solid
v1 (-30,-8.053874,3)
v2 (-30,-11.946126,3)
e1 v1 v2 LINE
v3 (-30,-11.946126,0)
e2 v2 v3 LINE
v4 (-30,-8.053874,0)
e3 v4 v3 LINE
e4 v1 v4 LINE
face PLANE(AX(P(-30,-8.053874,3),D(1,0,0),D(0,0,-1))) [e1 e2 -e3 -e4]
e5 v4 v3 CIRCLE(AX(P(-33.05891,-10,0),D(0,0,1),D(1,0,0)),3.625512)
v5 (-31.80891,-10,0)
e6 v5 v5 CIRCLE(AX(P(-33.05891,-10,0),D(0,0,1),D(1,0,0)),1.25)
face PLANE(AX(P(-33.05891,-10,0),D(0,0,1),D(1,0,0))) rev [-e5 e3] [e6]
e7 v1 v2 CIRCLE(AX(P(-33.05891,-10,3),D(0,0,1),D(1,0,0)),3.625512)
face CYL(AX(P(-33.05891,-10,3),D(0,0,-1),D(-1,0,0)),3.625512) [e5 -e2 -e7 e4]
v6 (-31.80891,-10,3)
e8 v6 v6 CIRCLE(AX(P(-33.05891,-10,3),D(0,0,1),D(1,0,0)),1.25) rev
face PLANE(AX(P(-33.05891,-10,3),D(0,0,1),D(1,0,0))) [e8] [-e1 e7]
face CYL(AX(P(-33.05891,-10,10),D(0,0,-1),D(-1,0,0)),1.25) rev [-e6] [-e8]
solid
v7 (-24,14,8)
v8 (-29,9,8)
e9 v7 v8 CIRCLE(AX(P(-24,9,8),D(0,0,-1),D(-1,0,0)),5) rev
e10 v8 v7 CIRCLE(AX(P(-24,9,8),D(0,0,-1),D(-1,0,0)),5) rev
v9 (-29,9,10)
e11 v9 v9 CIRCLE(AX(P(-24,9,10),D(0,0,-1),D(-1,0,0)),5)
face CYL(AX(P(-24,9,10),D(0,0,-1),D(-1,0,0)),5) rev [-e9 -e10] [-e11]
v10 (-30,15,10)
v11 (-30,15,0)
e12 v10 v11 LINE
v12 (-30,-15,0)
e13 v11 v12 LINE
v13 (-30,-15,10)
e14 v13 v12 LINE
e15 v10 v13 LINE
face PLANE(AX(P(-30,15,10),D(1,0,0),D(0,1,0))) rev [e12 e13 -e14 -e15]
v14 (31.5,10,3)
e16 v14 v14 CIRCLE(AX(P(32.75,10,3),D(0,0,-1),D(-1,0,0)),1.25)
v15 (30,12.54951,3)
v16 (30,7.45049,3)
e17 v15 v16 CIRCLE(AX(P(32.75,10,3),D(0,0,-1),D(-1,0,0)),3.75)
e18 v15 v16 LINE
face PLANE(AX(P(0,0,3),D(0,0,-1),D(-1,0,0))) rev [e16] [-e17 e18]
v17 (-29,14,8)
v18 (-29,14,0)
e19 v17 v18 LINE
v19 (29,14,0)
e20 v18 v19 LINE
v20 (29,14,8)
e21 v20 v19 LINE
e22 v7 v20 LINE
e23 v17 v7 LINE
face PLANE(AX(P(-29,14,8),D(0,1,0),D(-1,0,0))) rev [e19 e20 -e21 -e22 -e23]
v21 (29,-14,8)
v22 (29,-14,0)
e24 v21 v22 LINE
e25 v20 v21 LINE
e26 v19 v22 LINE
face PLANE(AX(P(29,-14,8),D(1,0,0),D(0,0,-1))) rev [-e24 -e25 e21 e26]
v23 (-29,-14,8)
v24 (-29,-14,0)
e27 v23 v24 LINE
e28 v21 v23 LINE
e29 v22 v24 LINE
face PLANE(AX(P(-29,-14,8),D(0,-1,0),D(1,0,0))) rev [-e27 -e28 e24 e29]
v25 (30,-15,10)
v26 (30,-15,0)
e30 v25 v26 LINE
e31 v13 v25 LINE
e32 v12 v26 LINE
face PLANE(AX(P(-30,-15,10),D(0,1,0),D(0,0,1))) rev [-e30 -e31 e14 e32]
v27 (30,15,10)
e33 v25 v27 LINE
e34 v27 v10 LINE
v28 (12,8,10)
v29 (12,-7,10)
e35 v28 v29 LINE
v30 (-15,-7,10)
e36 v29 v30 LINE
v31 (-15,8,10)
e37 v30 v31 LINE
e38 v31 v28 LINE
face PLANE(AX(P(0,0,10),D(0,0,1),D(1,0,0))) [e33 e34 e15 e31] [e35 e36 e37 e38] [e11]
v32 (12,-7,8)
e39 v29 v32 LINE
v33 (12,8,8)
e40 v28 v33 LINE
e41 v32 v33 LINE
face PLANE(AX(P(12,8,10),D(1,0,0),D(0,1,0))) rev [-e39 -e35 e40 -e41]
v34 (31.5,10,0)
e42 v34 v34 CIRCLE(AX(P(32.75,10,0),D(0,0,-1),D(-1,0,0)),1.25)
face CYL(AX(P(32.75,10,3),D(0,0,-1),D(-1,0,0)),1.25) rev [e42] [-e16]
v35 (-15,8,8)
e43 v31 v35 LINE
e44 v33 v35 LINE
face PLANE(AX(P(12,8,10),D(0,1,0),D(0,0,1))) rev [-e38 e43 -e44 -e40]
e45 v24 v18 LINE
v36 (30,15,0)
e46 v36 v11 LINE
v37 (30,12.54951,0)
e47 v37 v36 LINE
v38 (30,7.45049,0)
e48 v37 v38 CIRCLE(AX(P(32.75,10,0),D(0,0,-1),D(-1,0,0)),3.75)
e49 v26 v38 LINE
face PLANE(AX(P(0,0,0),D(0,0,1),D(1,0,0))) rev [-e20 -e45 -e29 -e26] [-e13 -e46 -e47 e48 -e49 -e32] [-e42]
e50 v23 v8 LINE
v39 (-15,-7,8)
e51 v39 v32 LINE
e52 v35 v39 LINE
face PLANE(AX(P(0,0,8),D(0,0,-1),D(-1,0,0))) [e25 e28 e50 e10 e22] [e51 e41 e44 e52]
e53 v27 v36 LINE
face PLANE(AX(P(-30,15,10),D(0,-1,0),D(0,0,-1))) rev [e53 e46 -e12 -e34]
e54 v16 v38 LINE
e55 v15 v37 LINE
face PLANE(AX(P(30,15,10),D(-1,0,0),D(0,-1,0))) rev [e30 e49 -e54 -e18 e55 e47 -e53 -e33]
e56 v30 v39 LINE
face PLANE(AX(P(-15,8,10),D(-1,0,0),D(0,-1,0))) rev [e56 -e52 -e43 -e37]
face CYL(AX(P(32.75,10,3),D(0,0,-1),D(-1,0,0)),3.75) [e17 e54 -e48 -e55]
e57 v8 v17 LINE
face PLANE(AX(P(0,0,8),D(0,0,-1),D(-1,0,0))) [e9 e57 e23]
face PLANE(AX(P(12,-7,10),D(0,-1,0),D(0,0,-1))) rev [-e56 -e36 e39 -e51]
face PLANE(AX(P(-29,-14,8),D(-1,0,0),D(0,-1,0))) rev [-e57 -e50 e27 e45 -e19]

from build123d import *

# Parameters (mm, degrees)
SKIZZE1_W                       = 60
SKIZZE1_H                       = 30
AUFSATZ_LINEAR_AUSTRAGEN1_DEPTH = 10
SKIZZE2_R                       = 5
SKIZZE2_W                       = 27
SKIZZE2_H                       = 15
SCHNITT_LINEAR_AUSTRAGEN2_DEPTH = 36
SKIZZE3_R                       = 1.25
SKIZZE3_W                       = 58
SKIZZE3_H                       = 28
SCHNITT_LINEAR_AUSTRAGEN3_DEPTH = 8
SKIZZE3_4_R                     = 1.25
SKIZZE3_4_W                     = 58
SKIZZE3_4_H                     = 28
AUFSATZ_LINEAR_AUSTRAGEN3_DEPTH = 3
SKIZZE3_5_R                     = 1.25
SKIZZE3_5_W                     = 58
SKIZZE3_5_H                     = 28
SCHNITT_LINEAR_AUSTRAGEN7_DEPTH = 3
SKIZZE3_7_R                     = 1.25
AUFSATZ_LINEAR_AUSTRAGEN4_DEPTH = 3
AUFSATZ_LINEAR_AUSTRAGEN5_DEPTH = 3
SKIZZE3_11_R                    = 1.25
SCHNITT_LINEAR_AUSTRAGEN9_DEPTH = 41.874769712


with BuildPart() as part:
    # Skizze1 → Aufsatz-Linear austragen1 (new body)
    with BuildSketch(Plane.XY):
        Rectangle(SKIZZE1_W, SKIZZE1_H)
    extrude(amount=AUFSATZ_LINEAR_AUSTRAGEN1_DEPTH)

    # Skizze2 → Schnitt-Linear austragen2 (cut, through all)
    with BuildSketch(Plane(origin=(0, 0, 0), x_dir=(-1, 0, 0), z_dir=(0, 0, -1))):
        with Locations((24, 9)):
            Circle(SKIZZE2_R)
        with Locations((1.5, 0.5)):
            Rectangle(SKIZZE2_W, SKIZZE2_H)
    extrude(amount=-SCHNITT_LINEAR_AUSTRAGEN2_DEPTH, mode=Mode.SUBTRACT)

    # Skizze3 → Schnitt-Linear austragen3 (cut)
    # profile 1 of 3: a face of its own
    with BuildSketch(Plane(origin=(0, 0, 0), x_dir=(-1, 0, 0), z_dir=(0, 0, -1))):
        with BuildLine():
            Line((-30, 12.549509757), (-30, 7.450490243))
            ThreePointArc((-30, 7.450490243), (-36.5, 10), (-30, 12.549509757))
        make_face()
        with Locations((-32.75, 10)):
            Circle(SKIZZE3_R, mode=Mode.SUBTRACT)
    # profile 2 of 3: a face of its own
    with BuildSketch(Plane(origin=(0, 0, 0), x_dir=(-1, 0, 0), z_dir=(0, 0, -1))):
        Rectangle(SKIZZE3_W, SKIZZE3_H)
    # profile 3 of 3: a face of its own
    with BuildSketch(Plane(origin=(0, 0, 0), x_dir=(-1, 0, 0), z_dir=(0, 0, -1))):
        with BuildLine():
            Line((30, -8.053874444), (30, -11.946125556))
            ThreePointArc((30, -11.946125556), (36.684421749, -10), (30, -8.053874444))
        make_face()
        with Locations((33.058910028, -10)):
            Circle(SKIZZE3_R, mode=Mode.SUBTRACT)
    extrude(amount=-SCHNITT_LINEAR_AUSTRAGEN3_DEPTH, mode=Mode.SUBTRACT)

    # Skizze3<4> → Aufsatz-Linear austragen3 (add)
    # profile 1 of 3: a face of its own
    with BuildSketch(Plane(origin=(0, 0, 0), x_dir=(-1, 0, 0), z_dir=(0, 0, -1))):
        with BuildLine():
            Line((-30, 12.549509757), (-30, 7.450490243))
            ThreePointArc((-30, 7.450490243), (-36.5, 10), (-30, 12.549509757))
        make_face()
        with Locations((-32.75, 10)):
            Circle(SKIZZE3_4_R, mode=Mode.SUBTRACT)
    # profile 2 of 3: a face of its own
    with BuildSketch(Plane(origin=(0, 0, 0), x_dir=(-1, 0, 0), z_dir=(0, 0, -1))):
        Rectangle(SKIZZE3_4_W, SKIZZE3_4_H)
    # profile 3 of 3: a face of its own
    with BuildSketch(Plane(origin=(0, 0, 0), x_dir=(-1, 0, 0), z_dir=(0, 0, -1))):
        with BuildLine():
            Line((30, -8.053874444), (30, -11.946125556))
            ThreePointArc((30, -11.946125556), (36.684421749, -10), (30, -8.053874444))
        make_face()
        with Locations((33.058910028, -10)):
            Circle(SKIZZE3_4_R, mode=Mode.SUBTRACT)
    extrude(amount=-AUFSATZ_LINEAR_AUSTRAGEN3_DEPTH)

    # Skizze3<5> → Schnitt-Linear austragen7 (cut)
    # profile 1 of 3: a face of its own
    with BuildSketch(Plane(origin=(0, 0, 0), x_dir=(-1, 0, 0), z_dir=(0, 0, -1))):
        with BuildLine():
            Line((-30, 12.549509757), (-30, 7.450490243))
            ThreePointArc((-30, 7.450490243), (-36.5, 10), (-30, 12.549509757))
        make_face()
        with Locations((-32.75, 10)):
            Circle(SKIZZE3_5_R, mode=Mode.SUBTRACT)
    # profile 2 of 3: a face of its own
    with BuildSketch(Plane(origin=(0, 0, 0), x_dir=(-1, 0, 0), z_dir=(0, 0, -1))):
        Rectangle(SKIZZE3_5_W, SKIZZE3_5_H)
    # profile 3 of 3: a face of its own
    with BuildSketch(Plane(origin=(0, 0, 0), x_dir=(-1, 0, 0), z_dir=(0, 0, -1))):
        with BuildLine():
            Line((30, -8.053874444), (30, -11.946125556))
            ThreePointArc((30, -11.946125556), (36.684421749, -10), (30, -8.053874444))
        make_face()
        with Locations((33.058910028, -10)):
            Circle(SKIZZE3_5_R, mode=Mode.SUBTRACT)
    extrude(amount=-SCHNITT_LINEAR_AUSTRAGEN7_DEPTH, mode=Mode.SUBTRACT)

    # Skizze3<7> → Aufsatz-Linear austragen4 (add)
    with BuildSketch(Plane(origin=(0, 0, 0), x_dir=(-1, 0, 0), z_dir=(0, 0, -1))):
        with BuildLine():
            Line((-30, 7.450490243), (-30, 12.549509757))
            ThreePointArc((-30, 12.549509757), (-36.5, 10), (-30, 7.450490243))
        make_face()
        with Locations((-32.75, 10)):
            Circle(SKIZZE3_7_R, mode=Mode.SUBTRACT)
    extrude(amount=-AUFSATZ_LINEAR_AUSTRAGEN4_DEPTH)


with BuildPart() as body_2:
    # Skizze3<9> → Aufsatz-Linear austragen5 (new body)
    with BuildSketch(Plane(origin=(0, 0, 0), x_dir=(-1, 0, 0), z_dir=(0, 0, -1))):
        with BuildLine():
            Line((30, -8.053874444), (30, -11.946125556))
            ThreePointArc((30, -11.946125556), (36.684421749, -10), (30, -8.053874444))
        make_face()
    extrude(amount=-AUFSATZ_LINEAR_AUSTRAGEN5_DEPTH)

    # Skizze3<11> → Schnitt-Linear austragen9 (cut, through all)
    with BuildSketch(Plane(origin=(0, 0, 0), x_dir=(-1, 0, 0), z_dir=(0, 0, -1))):
        with Locations((33.058910028, -10)):
            Circle(SKIZZE3_11_R)
    extrude(amount=-SCHNITT_LINEAR_AUSTRAGEN9_DEPTH, mode=Mode.SUBTRACT)


solid = Compound([part.part, body_2.part])
